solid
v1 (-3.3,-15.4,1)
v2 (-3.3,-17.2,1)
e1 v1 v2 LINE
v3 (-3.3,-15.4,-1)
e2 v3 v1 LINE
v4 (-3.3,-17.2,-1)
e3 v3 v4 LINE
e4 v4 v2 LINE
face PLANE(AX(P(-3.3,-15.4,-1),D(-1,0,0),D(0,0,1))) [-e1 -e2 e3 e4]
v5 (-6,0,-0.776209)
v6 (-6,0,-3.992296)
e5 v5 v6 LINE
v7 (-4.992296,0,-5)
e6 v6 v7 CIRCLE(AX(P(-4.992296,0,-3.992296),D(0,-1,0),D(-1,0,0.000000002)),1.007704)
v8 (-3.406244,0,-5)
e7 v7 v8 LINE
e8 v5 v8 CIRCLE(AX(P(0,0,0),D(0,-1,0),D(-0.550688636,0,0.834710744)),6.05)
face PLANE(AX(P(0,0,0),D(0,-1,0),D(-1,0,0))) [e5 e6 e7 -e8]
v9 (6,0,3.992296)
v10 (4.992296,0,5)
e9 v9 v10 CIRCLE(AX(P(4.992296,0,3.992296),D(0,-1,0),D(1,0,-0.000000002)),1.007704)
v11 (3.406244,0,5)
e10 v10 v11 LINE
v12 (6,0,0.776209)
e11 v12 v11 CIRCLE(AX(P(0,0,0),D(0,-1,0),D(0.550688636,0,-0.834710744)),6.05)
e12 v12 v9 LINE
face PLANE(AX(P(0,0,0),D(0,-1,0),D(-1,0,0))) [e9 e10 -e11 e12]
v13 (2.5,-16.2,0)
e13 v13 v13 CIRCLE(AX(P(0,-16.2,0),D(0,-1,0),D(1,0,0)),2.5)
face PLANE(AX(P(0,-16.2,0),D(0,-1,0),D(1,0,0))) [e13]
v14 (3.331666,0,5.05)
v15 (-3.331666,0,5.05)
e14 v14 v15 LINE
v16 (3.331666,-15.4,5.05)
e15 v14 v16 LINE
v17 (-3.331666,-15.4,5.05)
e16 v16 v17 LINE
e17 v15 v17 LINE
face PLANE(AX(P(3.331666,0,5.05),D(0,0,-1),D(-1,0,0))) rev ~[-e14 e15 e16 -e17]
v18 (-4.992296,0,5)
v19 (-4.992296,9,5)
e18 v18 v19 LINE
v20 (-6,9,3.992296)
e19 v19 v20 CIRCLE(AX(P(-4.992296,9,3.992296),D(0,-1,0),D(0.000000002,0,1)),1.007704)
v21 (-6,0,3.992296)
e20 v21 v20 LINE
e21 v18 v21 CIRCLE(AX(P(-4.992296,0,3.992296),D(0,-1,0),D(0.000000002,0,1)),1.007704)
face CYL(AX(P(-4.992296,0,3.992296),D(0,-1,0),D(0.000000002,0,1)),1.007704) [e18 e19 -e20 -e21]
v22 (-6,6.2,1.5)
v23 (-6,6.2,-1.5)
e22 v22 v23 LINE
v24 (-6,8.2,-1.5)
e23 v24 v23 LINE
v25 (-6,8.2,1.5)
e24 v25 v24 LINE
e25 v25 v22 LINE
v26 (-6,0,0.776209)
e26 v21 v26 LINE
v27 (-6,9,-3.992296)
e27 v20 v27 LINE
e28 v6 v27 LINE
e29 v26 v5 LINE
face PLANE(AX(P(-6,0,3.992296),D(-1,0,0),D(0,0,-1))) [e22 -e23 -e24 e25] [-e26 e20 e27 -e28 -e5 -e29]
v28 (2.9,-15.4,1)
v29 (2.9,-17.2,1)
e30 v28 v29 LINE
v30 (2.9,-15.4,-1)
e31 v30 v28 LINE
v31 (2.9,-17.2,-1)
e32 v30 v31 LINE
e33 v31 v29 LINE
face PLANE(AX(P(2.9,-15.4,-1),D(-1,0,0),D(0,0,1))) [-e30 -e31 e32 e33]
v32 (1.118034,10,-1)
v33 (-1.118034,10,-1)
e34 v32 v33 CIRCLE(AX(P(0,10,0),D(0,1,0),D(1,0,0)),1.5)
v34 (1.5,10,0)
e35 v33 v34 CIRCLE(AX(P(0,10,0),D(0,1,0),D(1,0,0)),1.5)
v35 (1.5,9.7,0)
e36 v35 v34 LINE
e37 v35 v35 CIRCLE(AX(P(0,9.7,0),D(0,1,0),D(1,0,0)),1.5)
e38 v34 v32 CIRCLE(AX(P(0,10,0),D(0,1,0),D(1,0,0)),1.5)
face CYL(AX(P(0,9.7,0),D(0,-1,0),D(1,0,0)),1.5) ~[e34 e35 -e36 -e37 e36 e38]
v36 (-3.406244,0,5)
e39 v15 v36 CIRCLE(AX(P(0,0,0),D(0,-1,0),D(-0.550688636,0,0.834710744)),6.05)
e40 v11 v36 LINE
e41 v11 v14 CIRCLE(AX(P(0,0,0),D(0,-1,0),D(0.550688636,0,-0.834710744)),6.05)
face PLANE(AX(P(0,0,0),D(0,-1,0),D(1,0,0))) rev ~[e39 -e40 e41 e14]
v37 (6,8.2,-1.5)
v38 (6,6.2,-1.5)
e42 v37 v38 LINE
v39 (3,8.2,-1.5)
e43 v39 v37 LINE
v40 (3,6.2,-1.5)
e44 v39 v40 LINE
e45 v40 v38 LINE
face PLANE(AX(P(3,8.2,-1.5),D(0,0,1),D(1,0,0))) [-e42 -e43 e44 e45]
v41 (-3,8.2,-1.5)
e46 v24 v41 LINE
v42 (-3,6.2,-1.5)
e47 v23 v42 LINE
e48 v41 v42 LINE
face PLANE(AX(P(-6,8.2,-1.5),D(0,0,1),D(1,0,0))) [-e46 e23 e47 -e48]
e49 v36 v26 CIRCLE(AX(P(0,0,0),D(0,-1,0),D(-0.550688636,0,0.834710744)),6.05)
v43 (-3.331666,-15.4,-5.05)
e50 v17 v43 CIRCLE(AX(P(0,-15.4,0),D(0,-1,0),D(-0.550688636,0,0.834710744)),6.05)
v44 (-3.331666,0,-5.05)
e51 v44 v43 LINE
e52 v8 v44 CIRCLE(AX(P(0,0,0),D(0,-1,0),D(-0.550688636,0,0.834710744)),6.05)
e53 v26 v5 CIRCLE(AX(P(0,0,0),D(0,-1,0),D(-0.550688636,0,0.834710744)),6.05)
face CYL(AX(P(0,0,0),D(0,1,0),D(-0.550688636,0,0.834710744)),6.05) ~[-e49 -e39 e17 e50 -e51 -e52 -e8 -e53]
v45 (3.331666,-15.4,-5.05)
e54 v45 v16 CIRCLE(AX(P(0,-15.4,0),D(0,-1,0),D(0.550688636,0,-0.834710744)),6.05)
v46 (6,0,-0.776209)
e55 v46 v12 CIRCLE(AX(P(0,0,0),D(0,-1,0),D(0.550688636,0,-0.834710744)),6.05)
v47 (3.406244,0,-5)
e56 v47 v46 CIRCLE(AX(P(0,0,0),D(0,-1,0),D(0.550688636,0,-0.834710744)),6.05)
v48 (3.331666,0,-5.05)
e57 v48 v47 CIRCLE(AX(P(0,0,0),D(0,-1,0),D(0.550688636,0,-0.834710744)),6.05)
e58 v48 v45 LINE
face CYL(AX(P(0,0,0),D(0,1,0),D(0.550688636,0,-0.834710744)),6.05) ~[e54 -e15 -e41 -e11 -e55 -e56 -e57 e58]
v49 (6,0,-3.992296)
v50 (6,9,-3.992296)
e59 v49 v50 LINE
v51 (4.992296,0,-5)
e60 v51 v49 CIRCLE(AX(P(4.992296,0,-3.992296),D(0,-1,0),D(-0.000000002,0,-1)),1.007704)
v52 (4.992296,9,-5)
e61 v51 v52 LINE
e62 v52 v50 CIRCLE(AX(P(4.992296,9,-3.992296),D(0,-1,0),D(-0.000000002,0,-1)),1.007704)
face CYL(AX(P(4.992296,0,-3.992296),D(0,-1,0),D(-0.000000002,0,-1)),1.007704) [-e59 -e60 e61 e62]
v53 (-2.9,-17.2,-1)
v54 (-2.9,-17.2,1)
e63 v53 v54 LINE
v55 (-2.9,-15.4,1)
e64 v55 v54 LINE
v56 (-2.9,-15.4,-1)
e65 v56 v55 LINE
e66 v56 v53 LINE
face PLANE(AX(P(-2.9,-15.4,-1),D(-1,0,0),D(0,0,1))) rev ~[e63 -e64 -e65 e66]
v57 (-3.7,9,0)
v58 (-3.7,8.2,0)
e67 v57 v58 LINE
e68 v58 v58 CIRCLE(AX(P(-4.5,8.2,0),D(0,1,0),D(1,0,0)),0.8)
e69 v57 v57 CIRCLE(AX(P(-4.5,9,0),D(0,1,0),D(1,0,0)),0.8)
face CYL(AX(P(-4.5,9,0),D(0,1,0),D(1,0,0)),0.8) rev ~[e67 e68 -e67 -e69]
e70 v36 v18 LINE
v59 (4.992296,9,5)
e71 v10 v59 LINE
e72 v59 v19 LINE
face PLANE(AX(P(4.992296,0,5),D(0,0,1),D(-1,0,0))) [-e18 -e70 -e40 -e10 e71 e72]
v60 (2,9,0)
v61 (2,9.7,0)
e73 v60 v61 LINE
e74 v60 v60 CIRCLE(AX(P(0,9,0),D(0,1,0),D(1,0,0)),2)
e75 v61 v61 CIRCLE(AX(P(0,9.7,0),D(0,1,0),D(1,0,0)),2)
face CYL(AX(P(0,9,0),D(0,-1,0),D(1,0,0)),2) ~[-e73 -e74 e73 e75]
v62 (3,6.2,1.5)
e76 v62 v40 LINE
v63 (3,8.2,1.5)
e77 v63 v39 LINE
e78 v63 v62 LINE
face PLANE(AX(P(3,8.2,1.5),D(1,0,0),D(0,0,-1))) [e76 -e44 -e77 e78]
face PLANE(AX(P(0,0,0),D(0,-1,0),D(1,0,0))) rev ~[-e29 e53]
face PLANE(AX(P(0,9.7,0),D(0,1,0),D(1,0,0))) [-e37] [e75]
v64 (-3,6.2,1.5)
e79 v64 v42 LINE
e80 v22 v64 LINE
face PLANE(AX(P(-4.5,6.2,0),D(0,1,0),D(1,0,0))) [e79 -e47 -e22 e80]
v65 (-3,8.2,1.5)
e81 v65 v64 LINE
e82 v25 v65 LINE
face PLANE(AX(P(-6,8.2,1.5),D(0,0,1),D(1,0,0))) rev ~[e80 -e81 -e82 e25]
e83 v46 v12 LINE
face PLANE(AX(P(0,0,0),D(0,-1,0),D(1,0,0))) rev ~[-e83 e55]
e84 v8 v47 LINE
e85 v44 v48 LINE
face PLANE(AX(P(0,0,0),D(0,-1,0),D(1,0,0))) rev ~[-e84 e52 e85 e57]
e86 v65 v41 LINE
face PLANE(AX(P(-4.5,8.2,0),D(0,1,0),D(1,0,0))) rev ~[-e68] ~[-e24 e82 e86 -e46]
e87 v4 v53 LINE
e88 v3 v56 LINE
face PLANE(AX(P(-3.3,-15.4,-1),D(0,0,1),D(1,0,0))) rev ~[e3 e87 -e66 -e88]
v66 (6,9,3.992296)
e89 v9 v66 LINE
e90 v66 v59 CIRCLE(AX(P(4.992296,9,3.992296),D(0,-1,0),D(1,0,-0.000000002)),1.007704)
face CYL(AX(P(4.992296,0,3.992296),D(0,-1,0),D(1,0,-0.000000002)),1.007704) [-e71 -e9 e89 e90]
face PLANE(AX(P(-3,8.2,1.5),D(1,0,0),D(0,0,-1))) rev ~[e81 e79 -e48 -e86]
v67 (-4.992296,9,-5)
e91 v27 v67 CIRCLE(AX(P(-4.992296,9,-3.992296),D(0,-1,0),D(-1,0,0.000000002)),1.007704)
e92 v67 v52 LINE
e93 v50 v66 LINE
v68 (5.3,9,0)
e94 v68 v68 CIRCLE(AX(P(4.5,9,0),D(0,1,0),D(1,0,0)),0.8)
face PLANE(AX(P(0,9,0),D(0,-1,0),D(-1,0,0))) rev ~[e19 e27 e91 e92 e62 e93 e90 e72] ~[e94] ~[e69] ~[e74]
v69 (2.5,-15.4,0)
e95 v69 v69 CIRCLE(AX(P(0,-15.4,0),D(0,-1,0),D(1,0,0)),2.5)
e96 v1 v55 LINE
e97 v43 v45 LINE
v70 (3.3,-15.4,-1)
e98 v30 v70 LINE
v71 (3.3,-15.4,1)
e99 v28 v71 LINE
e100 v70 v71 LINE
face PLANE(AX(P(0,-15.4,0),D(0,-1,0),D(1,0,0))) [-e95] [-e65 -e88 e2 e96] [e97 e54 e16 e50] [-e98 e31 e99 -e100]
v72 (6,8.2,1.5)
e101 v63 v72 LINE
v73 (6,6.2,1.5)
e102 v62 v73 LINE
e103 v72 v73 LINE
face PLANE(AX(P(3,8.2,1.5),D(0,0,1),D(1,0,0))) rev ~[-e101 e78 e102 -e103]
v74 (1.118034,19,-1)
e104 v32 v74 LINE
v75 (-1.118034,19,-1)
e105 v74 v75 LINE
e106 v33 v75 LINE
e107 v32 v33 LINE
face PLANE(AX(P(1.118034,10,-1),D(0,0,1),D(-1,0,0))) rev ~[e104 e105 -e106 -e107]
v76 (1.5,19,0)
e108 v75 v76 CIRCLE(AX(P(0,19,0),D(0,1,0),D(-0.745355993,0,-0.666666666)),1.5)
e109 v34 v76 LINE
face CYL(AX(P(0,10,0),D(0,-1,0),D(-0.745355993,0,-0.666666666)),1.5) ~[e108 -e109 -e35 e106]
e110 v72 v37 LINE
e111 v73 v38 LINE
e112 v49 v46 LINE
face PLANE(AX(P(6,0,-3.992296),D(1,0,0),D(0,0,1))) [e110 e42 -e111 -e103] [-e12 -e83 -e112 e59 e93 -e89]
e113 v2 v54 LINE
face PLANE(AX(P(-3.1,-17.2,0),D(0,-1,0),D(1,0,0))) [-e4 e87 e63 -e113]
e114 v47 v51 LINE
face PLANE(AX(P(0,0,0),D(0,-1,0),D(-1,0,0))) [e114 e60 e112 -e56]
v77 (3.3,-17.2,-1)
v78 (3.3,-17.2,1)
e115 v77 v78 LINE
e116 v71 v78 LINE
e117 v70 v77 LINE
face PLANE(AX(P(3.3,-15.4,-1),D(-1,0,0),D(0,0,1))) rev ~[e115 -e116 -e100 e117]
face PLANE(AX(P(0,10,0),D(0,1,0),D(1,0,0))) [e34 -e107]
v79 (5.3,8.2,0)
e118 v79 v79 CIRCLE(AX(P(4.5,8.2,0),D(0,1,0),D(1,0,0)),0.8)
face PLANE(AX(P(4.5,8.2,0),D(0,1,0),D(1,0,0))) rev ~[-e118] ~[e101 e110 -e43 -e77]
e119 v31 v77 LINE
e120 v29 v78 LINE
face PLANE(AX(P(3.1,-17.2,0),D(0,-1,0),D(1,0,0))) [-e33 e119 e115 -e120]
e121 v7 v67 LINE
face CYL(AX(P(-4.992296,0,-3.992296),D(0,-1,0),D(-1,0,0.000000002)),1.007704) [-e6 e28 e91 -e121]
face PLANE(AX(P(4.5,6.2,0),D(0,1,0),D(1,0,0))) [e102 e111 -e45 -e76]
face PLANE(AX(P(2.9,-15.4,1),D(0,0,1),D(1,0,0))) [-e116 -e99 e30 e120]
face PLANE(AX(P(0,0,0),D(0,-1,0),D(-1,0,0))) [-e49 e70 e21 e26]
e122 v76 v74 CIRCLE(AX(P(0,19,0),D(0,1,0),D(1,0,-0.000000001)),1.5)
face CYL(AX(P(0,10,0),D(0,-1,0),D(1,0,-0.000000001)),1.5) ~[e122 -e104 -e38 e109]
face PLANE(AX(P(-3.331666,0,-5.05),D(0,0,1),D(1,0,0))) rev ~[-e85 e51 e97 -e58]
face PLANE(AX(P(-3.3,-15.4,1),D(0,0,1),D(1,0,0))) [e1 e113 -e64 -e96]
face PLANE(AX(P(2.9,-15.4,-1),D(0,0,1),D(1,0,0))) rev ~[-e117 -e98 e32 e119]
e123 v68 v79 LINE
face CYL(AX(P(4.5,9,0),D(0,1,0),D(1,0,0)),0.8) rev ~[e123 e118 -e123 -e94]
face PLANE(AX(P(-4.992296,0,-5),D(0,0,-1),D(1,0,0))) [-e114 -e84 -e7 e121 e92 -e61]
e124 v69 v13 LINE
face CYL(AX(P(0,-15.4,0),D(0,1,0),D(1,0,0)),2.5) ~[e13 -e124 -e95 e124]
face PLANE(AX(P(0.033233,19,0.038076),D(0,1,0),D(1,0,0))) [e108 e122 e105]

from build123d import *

# Parameters (mm, degrees)
GEARBOX_DEPTH                            = 9
AXLE_MOUNT_HOLE_BASE_SKETCH_R            = 0.8
SCREW_HOLES_DEPTH                        = 0.8
SCREW_ROOM_BASE_W                        = 3
SCREW_ROOM_BASE_H                        = 3
SCREW_ROOM_DEPTH                         = 2
AXLE_MOUNT_HOLE_BASE_SKETCH_3_R          = 2
AXLE_BASE_DEPTH                          = 0.7
SKETCH4_R                                = 1.5
AXLE_NON_NOTCHED_DEPTH                   = 0.3
AXLE_NOTCHED_DEPTH                       = 9
MOTOR_DEPTH                              = 15.4
REAR_AXLE_BEARING_TERMINAL_BASE_SKETCH_R = 2.5
REAR_AXLE_BEARING_DEPTH                  = 0.8
REAR_AXLE_BEARING_TERMINAL_BASE_SK_2_W   = 0.4
REAR_AXLE_BEARING_TERMINAL_BASE_SK_2_H   = 2
TERMINALS_DEPTH                          = 1.8


with BuildPart() as part:
    # Gearbox base sketch → Gearbox (new body)
    with BuildSketch(Plane(origin=(0, 0, 0), x_dir=(1, 0, 0), z_dir=(0, 1, 0))):
        with BuildLine():
            Line((-4.992296279, 5), (4.992296279, 5))
            ThreePointArc((4.992296279, 5), (5.704850414, 4.704850414), (6, 3.992296279))
            Line((6, 3.992296279), (6, -3.992296279))
            ThreePointArc((6, -3.992296279), (5.704850414, -4.704850414), (4.992296279, -5))
            Line((4.992296279, -5), (-4.992296279, -5))
            ThreePointArc((-4.992296279, -5), (-5.704850414, -4.704850414), (-6, -3.992296279))
            Line((-6, -3.992296279), (-6, 3.992296279))
            ThreePointArc((-6, 3.992296279), (-5.704850414, 4.704850414), (-4.992296279, 5))
        make_face()
    extrude(amount=GEARBOX_DEPTH)

    # Axle & mount hole base sketch → Screw holes (cut)
    with BuildSketch(Plane(origin=(0, 9, 0), x_dir=(1, 0, 0), z_dir=(0, 1, 0))):
        with Locations((4.5, 0)):
            Circle(AXLE_MOUNT_HOLE_BASE_SKETCH_R)
        with Locations((-4.5, 0)):
            Circle(AXLE_MOUNT_HOLE_BASE_SKETCH_R)
    extrude(amount=-SCREW_HOLES_DEPTH, mode=Mode.SUBTRACT)

    # Screw room base → Screw room (cut)
    with BuildSketch(Plane(origin=(0, 8.2, 0), x_dir=(1, 0, 0), z_dir=(0, 1, 0))):
        with Locations((-4.5, 0)):
            Rectangle(SCREW_ROOM_BASE_W, SCREW_ROOM_BASE_H)
        with Locations((4.5, 0)):
            Rectangle(SCREW_ROOM_BASE_W, SCREW_ROOM_BASE_H)
    extrude(amount=-SCREW_ROOM_DEPTH, mode=Mode.SUBTRACT)

    # Axle & mount hole base sketch<3> → Axle base (add)
    with BuildSketch(Plane(origin=(0, 9, 0), x_dir=(1, 0, 0), z_dir=(0, 1, 0))):
        Circle(AXLE_MOUNT_HOLE_BASE_SKETCH_3_R)
    extrude(amount=AXLE_BASE_DEPTH)

    # Sketch4 → Axle non-notched (add)
    with BuildSketch(Plane(origin=(0, 9.7, 0), x_dir=(1, 0, 0), z_dir=(0, 1, 0))):
        Circle(SKETCH4_R)
    extrude(amount=AXLE_NON_NOTCHED_DEPTH)

    # Axle notched base sketch → Axle notched (add)
    with BuildSketch(Plane(origin=(0, 10, 0), x_dir=(1, 0, 0), z_dir=(0, 1, 0))):
        with BuildLine():
            Line((1.118033989, 1), (-1.118033989, 1))
            ThreePointArc((-1.118033989, 1), (-0.535233135, -1.401258538), (1.5, 0))
            ThreePointArc((1.5, 0), (1.401258538, 0.535233135), (1.118033989, 1))
        make_face()
    extrude(amount=AXLE_NOTCHED_DEPTH)

    # Motor base sketch → Motor (add)
    with BuildSketch(Plane.XZ):
        with BuildLine():
            Line((3.33166625, 5.05), (-3.33166625, 5.05))
            ThreePointArc((-3.33166625, 5.05), (-6.05, 0), (-3.33166625, -5.05))
            Line((-3.33166625, -5.05), (3.33166625, -5.05))
            ThreePointArc((3.33166625, -5.05), (6.05, 0), (3.33166625, 5.05))
        make_face()
    extrude(amount=MOTOR_DEPTH)

    # Rear axle bearing _ terminal base sketch → Rear axle bearing (add)
    with BuildSketch(Plane.XZ.offset(15.4)):
        Circle(REAR_AXLE_BEARING_TERMINAL_BASE_SKETCH_R)
    extrude(amount=REAR_AXLE_BEARING_DEPTH)

    # Rear axle bearing _ terminal base sk 2 → Terminals (add)
    with BuildSketch(Plane.XZ.offset(15.4)):
        with Locations((-3.1, 0)):
            Rectangle(REAR_AXLE_BEARING_TERMINAL_BASE_SK_2_W, REAR_AXLE_BEARING_TERMINAL_BASE_SK_2_H)
        with Locations((3.1, 0)):
            Rectangle(REAR_AXLE_BEARING_TERMINAL_BASE_SK_2_W, REAR_AXLE_BEARING_TERMINAL_BASE_SK_2_H)
    extrude(amount=TERMINALS_DEPTH)


solid = part.part
